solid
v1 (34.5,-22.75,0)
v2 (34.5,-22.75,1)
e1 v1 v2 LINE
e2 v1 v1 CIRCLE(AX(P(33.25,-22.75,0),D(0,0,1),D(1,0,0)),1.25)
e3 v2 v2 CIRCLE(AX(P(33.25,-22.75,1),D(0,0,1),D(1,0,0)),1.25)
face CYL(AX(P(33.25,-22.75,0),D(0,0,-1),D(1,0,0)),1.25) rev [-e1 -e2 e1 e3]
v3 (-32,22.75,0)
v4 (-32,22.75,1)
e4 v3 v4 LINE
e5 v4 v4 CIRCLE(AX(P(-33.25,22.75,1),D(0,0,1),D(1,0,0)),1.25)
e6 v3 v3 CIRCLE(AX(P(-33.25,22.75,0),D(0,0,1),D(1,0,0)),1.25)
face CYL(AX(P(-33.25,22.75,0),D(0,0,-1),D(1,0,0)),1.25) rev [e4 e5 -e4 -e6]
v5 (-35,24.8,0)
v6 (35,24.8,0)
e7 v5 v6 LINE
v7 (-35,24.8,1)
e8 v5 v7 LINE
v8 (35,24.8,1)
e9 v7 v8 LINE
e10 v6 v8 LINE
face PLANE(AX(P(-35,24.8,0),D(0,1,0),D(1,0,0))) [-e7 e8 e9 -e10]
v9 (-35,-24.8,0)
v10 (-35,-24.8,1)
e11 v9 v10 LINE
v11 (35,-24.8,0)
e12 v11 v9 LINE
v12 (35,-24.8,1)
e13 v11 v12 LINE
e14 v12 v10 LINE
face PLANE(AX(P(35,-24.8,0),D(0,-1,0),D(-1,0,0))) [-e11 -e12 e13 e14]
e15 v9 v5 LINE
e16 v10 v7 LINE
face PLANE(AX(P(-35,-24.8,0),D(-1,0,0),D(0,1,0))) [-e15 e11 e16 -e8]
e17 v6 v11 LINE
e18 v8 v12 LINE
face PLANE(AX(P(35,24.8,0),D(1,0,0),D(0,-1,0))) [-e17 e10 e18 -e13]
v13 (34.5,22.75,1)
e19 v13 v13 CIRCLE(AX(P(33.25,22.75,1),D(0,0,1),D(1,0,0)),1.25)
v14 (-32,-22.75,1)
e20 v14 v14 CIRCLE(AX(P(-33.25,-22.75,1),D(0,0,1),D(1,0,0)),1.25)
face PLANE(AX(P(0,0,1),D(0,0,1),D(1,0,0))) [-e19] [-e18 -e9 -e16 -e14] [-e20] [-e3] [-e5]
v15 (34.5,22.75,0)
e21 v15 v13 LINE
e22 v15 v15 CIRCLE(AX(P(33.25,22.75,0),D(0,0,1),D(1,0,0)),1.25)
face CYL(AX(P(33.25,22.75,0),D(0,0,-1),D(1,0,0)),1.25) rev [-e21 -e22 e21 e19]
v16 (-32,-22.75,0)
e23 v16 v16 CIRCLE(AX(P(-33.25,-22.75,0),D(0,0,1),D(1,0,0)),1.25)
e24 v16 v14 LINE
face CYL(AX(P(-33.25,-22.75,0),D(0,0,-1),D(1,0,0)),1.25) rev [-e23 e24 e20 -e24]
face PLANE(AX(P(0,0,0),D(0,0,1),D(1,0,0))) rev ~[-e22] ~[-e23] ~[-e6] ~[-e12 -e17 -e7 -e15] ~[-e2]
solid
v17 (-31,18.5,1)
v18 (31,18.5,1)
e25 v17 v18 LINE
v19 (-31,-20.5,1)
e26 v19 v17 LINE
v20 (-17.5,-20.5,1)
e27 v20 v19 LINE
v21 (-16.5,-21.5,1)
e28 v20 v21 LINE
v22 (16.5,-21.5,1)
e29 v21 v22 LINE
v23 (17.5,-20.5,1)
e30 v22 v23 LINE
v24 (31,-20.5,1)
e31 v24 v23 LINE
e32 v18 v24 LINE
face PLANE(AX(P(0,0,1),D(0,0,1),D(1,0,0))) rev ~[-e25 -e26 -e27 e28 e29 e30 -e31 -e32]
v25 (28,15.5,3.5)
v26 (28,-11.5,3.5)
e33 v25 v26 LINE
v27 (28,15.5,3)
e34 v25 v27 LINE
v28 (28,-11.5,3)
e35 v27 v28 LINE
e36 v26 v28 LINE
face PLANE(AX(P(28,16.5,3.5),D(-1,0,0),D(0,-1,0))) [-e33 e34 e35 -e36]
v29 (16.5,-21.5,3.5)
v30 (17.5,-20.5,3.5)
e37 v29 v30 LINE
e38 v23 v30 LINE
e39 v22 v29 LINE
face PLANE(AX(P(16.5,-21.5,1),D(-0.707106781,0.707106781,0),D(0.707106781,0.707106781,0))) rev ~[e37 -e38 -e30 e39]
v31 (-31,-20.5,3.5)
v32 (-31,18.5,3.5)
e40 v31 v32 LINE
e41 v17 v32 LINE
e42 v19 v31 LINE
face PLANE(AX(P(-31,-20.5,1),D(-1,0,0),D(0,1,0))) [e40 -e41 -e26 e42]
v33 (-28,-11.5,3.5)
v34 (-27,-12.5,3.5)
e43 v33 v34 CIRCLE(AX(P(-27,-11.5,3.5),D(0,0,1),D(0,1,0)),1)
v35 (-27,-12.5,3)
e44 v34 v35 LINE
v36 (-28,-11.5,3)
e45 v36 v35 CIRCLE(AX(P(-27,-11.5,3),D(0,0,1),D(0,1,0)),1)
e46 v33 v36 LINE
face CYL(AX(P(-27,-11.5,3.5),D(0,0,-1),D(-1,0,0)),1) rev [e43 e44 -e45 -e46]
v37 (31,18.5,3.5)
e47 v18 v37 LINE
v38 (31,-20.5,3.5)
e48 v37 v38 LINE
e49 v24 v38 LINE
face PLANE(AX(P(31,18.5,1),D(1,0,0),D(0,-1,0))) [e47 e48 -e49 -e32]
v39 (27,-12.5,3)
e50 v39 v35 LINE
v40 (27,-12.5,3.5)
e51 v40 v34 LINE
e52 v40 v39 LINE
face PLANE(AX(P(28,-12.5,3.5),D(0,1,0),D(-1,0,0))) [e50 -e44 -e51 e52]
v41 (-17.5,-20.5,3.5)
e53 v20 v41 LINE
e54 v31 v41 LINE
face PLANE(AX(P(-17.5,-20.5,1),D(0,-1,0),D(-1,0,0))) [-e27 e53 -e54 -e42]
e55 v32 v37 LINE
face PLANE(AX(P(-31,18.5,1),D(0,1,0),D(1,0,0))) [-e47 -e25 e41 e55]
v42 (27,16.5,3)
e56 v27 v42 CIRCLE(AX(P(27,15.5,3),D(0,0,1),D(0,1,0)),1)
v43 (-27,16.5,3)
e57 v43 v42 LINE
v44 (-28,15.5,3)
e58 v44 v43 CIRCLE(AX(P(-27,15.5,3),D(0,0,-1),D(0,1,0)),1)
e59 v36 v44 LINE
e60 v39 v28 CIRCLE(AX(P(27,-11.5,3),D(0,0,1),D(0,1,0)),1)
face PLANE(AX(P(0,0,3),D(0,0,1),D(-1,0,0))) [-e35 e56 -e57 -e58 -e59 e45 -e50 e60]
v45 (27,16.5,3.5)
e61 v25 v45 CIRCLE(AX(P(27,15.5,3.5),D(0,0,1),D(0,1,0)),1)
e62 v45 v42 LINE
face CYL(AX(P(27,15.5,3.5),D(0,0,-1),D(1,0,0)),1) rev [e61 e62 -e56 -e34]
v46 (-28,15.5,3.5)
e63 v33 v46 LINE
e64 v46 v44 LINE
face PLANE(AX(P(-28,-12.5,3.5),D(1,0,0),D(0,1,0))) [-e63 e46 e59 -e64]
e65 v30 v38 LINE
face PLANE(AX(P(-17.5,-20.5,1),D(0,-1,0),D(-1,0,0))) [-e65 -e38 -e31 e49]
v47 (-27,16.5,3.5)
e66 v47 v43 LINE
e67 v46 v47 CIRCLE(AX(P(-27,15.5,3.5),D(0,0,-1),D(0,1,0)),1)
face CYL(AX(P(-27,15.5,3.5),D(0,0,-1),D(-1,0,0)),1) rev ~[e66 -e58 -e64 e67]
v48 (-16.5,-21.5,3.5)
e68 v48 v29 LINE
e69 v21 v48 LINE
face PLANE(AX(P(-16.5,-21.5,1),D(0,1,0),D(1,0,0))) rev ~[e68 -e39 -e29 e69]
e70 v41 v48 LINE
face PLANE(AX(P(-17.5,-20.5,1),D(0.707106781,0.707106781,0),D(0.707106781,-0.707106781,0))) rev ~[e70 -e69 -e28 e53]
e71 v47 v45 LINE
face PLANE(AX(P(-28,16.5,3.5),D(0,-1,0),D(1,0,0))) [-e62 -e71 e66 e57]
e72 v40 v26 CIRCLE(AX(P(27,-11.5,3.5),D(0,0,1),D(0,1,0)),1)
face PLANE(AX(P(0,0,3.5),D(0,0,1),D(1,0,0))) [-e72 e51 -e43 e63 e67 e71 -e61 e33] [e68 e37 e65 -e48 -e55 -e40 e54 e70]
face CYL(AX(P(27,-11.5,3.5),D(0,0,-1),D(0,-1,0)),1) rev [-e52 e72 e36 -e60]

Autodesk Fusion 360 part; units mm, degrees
sketch "pcb" plane through (0, 0, 0) normal (0, 0, 1) x (1, 0, 0)
  line L0 (-35, 24.8) -> (35, 24.8)
  line L1 (35, 24.8) -> (35, -24.8)
  line L2 (35, -24.8) -> (-35, -24.8)
  line L3 (-35, -24.8) -> (-35, 24.8)
  line L4 (0, 24.8) -> (0, 0) construction
  line L5 (0, 0) -> (-35, 0) construction
  dimension "d1" = 70
  dimension "d2" = 49.6
sketch "holes" plane through (0, 0, 0) normal (0, 0, 1) x (1, 0, 0)
  line L0 (-33.25, 22.75) -> (33.25, 22.75) construction
  line L1 (33.25, 22.75) -> (33.25, -22.75) construction
  line L2 (33.25, -22.75) -> (-33.25, -22.75) construction
  line L3 (-33.25, -22.75) -> (-33.25, 22.75) construction
  line L4 (0, 22.75) -> (0, 0) construction
  line L5 (0, 0) -> (-33.25, 0) construction
  circle A0 centre (-33.25, 22.75) radius 1.25
  circle A1 centre (33.25, 22.75) radius 1.25
  circle A2 centre (33.25, -22.75) radius 1.25
  circle A3 centre (-33.25, -22.75) radius 1.25
  dimension "d3" = 66.5
  dimension "d4" = 45.5
  dimension "d5" = 2.5
sketch "bezel" plane through (0, 0, 0) normal (0, 0, 1) x (1, 0, 0)
  line L0 (-31, 18.5) -> (31, 18.5)
  line L1 (31, 18.5) -> (31, -20.5)
  line L2 (31, -20.5) -> (-31, -20.5)
  line L3 (-31, -20.5) -> (-31, 18.5)
  line L4 (0, 18.5) -> (0, -1) construction
  line L5 (0, -1) -> (-31, -1) construction
  line L6 (-17.5, -20.5) -> (-16.5, -21.5)
  line L7 (-16.5, -21.5) -> (16.5, -21.5)
  line L8 (16.5, -21.5) -> (17.5, -20.5)
  line L9 (0, -21.5) -> (0, -20.5) construction
  dimension "d6" = 62
  dimension "d7" = 39
  dimension "d10" = 1
  dimension "d25" = 45
  dimension "d26" = 1
  dimension "d27" = 33
extrude "Extrude1" add sketch "pcb" along normal blind 1 makes body 1
extrude "Extrude2" cut sketch "holes" along normal blind 1 bodies 1
extrude "Extrude3" add sketch "bezel" along normal blind 2.5 from surface at 1 separate body contours L0 L1 L2 L3 makes body 2
sketch "frame" plane through (0, 0, 3.5) normal (0, 0, 1) x (-1, 0, 0)
  line L0 (31, -18.5) -> (31, 20.5)
  line L1 (31, 20.5) -> (-31, 20.5)
  line L2 (-31, 20.5) -> (-31, -18.5)
  line L3 (-31, -18.5) -> (31, -18.5)
  line L4 (28, -16.5) -> (-28, -16.5)
  line L5 (-28, -16.5) -> (-28, 12.5)
  line L6 (-28, 12.5) -> (28, 12.5)
  line L7 (28, 12.5) -> (28, -16.5)
  line L8 (0, -16.5) -> (0, -2) construction
  line L9 (0, -2) -> (28, -2) construction
  dimension "d18" = 56
  dimension "d19" = 29
  dimension "d20" = 2
extrude "Extrude4" cut sketch "frame" against normal blind 0.5 contours L4 L5 L6 L7 bodies 2
fillet "Fillet1" radius 1 4 edges at (-28, 16.5, 3.25) (-28, -12.5, 3.25) (28, 16.5, 3.25) (28, -12.5, 3.25) on bodies 2
extrude "Extrude5" add sketch "bezel" along normal up to surface (2.5 mm away) from surface at 1 contours L2 L6 L7 L8 bodies 2
